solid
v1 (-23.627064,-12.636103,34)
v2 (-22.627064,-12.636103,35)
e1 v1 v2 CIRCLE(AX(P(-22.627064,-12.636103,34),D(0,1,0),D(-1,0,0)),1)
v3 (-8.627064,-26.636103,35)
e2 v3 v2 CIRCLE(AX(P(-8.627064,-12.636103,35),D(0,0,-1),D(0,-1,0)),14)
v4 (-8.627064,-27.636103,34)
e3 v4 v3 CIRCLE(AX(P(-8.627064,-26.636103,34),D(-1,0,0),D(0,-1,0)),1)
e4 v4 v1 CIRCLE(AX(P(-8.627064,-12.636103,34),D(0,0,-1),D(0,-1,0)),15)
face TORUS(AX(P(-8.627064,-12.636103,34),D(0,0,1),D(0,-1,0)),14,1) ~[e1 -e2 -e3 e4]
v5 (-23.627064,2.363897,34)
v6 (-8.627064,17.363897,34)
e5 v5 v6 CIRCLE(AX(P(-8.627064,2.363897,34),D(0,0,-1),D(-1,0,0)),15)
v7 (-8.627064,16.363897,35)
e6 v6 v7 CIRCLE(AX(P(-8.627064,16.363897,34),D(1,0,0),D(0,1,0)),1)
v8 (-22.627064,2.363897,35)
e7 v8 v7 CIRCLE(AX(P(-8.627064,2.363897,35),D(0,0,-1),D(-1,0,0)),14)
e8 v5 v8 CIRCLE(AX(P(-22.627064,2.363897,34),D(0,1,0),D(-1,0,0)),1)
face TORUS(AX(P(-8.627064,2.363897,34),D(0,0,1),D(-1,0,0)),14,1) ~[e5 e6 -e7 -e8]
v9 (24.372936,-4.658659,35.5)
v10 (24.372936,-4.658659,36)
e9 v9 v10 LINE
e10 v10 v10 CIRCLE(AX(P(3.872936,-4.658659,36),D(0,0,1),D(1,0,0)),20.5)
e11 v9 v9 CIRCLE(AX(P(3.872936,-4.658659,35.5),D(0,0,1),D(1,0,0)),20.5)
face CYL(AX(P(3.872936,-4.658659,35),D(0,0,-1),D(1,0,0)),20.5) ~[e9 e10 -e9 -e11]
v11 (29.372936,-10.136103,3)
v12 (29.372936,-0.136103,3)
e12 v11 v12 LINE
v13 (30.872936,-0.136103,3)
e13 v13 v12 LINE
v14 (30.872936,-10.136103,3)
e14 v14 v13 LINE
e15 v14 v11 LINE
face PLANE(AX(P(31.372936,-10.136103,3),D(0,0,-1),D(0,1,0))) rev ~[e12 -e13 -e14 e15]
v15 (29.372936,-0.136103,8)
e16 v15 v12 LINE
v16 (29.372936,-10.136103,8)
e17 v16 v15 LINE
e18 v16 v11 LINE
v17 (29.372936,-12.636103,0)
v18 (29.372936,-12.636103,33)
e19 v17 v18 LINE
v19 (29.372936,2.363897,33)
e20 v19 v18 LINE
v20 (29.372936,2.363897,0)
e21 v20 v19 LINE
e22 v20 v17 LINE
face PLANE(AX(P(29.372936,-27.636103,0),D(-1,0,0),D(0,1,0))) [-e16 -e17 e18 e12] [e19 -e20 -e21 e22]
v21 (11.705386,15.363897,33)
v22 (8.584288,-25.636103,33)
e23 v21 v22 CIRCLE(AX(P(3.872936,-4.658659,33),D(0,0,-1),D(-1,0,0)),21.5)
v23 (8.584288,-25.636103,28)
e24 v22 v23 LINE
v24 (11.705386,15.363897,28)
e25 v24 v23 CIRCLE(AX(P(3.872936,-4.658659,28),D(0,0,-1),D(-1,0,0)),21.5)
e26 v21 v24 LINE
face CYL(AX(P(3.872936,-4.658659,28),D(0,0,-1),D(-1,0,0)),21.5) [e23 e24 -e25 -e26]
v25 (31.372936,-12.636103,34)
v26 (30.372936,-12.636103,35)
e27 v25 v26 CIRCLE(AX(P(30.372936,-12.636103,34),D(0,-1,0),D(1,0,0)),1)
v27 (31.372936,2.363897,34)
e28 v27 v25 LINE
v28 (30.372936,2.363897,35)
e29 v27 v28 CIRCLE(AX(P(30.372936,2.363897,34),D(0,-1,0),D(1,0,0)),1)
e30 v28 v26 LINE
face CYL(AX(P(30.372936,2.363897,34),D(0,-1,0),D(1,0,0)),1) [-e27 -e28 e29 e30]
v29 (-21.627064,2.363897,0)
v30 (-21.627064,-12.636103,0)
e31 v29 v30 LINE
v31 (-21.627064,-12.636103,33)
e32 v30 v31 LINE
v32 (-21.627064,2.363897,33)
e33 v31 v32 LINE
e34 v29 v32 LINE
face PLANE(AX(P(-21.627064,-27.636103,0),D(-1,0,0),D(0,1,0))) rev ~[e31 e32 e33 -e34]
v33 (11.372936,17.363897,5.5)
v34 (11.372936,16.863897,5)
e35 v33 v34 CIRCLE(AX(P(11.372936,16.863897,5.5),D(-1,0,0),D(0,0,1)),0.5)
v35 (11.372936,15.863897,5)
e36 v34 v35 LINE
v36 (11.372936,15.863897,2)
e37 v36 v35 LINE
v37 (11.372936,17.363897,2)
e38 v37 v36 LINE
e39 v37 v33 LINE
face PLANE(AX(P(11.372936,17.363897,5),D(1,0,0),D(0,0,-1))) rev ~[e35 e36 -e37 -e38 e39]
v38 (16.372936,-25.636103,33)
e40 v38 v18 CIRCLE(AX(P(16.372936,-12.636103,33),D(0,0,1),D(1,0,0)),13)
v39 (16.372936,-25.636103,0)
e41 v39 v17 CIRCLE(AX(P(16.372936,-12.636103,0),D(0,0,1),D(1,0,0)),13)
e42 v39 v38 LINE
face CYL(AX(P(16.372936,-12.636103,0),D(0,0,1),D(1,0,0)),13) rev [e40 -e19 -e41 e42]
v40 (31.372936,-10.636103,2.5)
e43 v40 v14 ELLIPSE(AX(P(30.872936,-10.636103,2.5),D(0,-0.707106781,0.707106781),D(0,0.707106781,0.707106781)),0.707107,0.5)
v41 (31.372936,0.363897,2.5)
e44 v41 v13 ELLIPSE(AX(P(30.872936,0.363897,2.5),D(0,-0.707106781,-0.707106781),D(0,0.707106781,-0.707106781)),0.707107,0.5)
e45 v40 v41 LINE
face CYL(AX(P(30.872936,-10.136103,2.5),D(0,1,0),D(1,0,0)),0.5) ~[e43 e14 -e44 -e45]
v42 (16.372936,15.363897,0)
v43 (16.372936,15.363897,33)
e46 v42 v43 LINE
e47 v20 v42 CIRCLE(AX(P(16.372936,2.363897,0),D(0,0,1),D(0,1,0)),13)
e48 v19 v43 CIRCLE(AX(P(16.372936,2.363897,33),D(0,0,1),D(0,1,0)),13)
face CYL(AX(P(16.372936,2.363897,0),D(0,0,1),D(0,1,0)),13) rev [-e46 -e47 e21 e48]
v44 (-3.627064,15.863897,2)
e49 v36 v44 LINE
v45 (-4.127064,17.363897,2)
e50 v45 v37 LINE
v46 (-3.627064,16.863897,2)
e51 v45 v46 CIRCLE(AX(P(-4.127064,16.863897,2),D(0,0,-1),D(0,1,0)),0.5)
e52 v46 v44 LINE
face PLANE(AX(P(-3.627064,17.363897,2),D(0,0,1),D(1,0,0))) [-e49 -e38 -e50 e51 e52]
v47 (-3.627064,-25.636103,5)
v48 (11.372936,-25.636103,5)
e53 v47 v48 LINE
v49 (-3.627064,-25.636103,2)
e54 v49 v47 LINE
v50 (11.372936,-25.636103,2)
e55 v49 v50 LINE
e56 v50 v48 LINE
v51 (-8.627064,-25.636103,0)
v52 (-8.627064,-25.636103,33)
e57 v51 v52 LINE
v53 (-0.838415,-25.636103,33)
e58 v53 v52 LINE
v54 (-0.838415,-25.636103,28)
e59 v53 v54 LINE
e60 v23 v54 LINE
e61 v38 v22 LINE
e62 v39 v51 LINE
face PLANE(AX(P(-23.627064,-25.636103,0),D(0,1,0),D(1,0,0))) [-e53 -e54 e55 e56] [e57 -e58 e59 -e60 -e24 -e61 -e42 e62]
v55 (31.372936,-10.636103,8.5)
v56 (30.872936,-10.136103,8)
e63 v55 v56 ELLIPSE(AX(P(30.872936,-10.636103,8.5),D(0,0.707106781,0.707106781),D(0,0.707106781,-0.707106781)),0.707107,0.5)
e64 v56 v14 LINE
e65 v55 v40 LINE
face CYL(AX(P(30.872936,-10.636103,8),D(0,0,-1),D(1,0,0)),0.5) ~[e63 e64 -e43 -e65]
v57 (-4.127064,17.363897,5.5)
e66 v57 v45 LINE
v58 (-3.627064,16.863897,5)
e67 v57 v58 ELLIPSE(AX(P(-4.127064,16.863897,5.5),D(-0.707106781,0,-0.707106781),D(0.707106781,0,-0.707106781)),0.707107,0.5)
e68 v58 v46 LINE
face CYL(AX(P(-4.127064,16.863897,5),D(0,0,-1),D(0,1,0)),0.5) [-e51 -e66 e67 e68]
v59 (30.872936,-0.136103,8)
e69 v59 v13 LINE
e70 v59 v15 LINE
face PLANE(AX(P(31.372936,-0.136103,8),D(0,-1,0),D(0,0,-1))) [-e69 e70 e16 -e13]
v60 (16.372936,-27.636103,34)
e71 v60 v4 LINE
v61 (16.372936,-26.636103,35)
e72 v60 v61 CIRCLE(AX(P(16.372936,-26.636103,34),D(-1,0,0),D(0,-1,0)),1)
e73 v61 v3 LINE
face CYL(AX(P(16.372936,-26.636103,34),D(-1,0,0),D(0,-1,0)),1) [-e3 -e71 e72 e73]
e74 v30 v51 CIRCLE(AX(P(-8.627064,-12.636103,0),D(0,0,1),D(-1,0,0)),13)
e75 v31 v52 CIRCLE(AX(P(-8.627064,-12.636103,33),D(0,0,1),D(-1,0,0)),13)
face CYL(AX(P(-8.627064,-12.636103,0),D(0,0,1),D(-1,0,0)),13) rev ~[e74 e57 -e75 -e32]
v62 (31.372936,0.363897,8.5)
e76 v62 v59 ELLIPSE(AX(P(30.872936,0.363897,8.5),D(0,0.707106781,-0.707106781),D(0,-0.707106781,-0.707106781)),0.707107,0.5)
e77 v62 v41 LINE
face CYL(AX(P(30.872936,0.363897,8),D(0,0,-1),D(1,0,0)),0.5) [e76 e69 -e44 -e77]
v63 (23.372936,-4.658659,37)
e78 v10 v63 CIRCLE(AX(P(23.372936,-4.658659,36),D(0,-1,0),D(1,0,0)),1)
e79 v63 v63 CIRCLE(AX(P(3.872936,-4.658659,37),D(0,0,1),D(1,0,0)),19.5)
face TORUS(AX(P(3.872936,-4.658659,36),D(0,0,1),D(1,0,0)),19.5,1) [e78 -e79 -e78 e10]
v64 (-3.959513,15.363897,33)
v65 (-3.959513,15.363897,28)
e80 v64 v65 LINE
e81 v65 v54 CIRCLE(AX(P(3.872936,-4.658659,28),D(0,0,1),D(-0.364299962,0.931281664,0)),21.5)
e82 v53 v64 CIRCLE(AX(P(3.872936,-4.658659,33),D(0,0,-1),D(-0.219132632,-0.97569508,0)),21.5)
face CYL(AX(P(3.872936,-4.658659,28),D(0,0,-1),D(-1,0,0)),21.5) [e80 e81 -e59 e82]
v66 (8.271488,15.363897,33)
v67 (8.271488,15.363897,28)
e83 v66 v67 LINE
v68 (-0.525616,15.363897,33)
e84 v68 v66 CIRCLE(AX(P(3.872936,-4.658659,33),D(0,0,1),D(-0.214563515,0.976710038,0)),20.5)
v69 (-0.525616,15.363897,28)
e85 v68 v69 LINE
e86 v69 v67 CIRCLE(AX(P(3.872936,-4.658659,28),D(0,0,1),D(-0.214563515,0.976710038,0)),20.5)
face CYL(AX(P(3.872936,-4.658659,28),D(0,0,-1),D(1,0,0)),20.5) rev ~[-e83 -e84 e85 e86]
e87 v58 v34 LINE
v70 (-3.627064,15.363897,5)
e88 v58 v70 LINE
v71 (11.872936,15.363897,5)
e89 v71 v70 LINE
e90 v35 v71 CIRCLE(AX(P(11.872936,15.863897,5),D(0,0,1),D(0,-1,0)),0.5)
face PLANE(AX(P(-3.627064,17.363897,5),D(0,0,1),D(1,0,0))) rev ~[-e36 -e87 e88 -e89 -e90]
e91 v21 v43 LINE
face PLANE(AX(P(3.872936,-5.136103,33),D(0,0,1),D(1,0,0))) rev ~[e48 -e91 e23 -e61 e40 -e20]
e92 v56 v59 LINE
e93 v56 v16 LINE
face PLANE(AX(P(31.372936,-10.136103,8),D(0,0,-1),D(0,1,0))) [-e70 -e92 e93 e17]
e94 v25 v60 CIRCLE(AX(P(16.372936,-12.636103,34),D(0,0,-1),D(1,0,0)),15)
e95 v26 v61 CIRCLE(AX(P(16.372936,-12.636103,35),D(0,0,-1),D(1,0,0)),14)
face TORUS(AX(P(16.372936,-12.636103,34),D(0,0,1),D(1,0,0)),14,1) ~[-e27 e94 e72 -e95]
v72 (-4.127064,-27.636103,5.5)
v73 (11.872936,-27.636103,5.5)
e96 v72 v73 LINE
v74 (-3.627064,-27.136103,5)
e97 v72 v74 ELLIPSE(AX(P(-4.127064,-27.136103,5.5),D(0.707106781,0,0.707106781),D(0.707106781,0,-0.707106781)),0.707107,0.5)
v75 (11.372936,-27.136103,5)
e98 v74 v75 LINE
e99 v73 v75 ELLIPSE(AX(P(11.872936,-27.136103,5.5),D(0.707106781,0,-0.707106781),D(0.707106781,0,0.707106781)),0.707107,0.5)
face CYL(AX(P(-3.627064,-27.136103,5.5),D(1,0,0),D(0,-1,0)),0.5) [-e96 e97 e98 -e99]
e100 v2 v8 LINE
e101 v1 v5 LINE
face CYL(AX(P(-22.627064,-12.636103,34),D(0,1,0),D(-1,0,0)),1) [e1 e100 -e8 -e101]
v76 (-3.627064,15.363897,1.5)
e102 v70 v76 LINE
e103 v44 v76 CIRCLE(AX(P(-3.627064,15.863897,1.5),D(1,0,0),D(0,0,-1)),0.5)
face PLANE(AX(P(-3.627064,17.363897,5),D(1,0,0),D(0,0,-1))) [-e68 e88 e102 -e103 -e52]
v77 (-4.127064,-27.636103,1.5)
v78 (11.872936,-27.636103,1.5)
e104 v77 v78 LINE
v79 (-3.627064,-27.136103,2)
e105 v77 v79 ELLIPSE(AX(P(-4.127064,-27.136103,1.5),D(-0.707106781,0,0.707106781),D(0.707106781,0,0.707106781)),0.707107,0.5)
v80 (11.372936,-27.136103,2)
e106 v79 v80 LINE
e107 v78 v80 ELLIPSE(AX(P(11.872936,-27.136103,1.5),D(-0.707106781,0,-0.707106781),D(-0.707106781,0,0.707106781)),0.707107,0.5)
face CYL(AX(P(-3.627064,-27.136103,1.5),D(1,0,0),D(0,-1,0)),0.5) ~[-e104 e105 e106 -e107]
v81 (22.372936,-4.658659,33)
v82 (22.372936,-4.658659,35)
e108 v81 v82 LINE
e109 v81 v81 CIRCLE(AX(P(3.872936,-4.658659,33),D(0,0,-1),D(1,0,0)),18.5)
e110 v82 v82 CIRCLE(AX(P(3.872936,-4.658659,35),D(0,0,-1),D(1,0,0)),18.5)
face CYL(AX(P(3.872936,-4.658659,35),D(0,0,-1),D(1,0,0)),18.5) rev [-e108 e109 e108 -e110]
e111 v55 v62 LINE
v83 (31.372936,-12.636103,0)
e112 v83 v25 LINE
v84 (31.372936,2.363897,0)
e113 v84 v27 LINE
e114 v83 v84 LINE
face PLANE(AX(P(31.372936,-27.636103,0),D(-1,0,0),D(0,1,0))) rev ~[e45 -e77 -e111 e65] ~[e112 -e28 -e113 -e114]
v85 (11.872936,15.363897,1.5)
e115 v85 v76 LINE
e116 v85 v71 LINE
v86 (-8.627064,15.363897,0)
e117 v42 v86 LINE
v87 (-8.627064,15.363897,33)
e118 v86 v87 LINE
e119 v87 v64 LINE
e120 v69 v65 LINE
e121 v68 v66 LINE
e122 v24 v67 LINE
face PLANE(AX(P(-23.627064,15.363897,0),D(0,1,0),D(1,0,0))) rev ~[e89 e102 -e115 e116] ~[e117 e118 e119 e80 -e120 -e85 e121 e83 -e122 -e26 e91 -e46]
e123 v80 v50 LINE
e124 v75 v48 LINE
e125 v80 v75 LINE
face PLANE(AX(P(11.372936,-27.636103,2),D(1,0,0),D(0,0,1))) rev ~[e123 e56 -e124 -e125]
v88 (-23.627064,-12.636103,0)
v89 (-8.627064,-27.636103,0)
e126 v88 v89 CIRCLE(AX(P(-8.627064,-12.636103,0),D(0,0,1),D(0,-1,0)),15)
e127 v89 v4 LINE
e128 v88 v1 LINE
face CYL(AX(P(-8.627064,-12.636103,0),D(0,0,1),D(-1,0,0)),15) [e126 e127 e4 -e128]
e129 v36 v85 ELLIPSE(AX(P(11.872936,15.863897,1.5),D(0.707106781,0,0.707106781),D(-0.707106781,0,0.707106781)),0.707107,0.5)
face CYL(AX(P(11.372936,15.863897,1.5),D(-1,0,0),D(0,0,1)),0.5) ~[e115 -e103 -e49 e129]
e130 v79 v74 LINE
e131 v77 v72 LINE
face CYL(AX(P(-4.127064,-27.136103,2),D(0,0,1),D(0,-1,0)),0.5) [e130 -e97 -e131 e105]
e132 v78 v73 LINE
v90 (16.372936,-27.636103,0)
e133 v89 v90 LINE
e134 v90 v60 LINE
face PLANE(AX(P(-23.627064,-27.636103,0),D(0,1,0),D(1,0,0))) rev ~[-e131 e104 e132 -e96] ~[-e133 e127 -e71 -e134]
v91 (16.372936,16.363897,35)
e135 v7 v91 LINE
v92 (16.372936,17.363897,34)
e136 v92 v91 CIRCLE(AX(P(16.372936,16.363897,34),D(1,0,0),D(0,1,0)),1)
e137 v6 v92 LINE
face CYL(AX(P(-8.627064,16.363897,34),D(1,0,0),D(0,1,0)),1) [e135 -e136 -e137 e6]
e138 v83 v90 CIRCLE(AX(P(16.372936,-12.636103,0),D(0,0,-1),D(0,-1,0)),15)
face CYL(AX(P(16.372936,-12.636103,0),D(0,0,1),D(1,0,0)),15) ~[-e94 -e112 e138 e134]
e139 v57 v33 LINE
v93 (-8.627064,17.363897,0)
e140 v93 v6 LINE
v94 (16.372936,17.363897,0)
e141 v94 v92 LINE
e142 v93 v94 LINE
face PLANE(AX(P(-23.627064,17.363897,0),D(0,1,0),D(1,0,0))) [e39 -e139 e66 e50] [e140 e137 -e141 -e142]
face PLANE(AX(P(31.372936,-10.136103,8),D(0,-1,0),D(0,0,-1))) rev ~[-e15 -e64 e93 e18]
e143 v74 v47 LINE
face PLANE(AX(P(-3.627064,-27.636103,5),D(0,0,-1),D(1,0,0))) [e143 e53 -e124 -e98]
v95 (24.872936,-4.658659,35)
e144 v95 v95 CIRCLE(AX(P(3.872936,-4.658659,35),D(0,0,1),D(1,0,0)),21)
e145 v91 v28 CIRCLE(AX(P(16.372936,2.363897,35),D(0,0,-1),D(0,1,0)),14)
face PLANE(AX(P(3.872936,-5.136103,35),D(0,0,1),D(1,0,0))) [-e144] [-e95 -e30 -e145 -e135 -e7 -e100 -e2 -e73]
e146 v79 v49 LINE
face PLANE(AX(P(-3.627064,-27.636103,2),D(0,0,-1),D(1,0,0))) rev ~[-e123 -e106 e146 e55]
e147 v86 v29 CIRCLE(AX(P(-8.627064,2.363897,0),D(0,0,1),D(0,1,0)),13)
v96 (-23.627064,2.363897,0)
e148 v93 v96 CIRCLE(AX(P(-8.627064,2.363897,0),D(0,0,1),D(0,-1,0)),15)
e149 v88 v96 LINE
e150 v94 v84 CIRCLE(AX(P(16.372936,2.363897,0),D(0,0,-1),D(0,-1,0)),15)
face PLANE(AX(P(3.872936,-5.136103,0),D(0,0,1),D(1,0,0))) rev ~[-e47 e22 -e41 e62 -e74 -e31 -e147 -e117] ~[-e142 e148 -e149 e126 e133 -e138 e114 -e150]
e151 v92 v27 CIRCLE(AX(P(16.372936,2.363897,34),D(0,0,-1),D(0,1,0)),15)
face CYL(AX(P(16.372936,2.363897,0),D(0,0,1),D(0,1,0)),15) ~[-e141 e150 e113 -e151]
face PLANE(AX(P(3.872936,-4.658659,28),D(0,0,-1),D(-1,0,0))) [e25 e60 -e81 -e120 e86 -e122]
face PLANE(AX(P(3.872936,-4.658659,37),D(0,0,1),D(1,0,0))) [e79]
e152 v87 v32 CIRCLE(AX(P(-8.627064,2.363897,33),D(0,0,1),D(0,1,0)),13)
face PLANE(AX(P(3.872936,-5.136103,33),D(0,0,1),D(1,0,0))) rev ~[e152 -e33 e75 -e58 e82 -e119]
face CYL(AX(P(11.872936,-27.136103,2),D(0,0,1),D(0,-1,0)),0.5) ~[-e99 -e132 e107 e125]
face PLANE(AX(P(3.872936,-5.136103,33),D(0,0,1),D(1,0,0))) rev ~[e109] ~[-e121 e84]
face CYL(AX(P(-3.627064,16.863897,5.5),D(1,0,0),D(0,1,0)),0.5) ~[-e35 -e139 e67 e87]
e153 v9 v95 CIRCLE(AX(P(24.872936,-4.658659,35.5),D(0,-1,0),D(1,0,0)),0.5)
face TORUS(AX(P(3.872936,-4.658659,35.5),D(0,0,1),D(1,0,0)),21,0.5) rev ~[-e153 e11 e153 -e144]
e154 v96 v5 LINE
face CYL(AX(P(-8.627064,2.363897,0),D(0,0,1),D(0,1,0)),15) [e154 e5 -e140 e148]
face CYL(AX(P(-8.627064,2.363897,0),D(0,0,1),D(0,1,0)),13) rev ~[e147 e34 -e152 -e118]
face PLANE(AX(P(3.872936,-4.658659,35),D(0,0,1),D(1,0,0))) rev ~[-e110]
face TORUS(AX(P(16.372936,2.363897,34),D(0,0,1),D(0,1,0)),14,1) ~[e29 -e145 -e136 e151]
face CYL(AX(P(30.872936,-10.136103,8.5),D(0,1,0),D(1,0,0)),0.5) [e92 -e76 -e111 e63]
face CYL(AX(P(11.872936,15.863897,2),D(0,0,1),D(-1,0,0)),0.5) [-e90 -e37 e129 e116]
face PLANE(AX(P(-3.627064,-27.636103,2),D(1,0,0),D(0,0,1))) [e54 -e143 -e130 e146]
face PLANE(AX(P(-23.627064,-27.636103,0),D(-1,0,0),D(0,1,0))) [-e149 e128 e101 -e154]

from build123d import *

# Parameters (mm, degrees)
SKETCH_1_W          = 55
SKETCH_1_H          = 45
EXTRUDE_1_DEPTH     = 35
SKETCH_4_R          = 20.5
EXTRUDE_3_DEPTH     = 2
FILLET_2_R          = 15
FILLET_3_R          = 15
FILLET_4_R          = 1
SHELL_1_T           = -2
EXTRUDE_START       = 5
SKETCH_7_R          = 21.5
SKETCH_7_R_2        = 20.5
EXTRUDE_4_DEPTH     = 5
FILLET_5_R          = 1
FILLET_6_R          = 0.5
CUT_EXTRUDE_1_REACH = 73.818
SKETCH_8_W          = 5
SKETCH_8_H          = 10
CUT_EXTRUDE_2_REACH = 68.168
SKETCH_14_W         = 15
SKETCH_14_H         = 3
CUT_EXTRUDE_3_REACH = 68.168
SKETCH_17_W         = 15
SKETCH_17_H         = 3
FILLET_9_R          = 0.5


with BuildPart() as part:
    # 스케치1 → 보스-돌출1 (new body)
    with BuildSketch(Plane.XY):
        with Locations((3.872936318, -5.136103152)):
            Rectangle(SKETCH_1_W, SKETCH_1_H)
    extrude(amount=EXTRUDE_1_DEPTH)

    # 스케치4 → 보스-돌출3 (add)
    with BuildSketch(Plane(origin=(-2.164184789, -3.486971785, 35), x_dir=(1, 0, 0), z_dir=(0, 0, 1))):
        with Locations((6.037121107, -1.171687144)):
            Circle(SKETCH_4_R)
    extrude(amount=EXTRUDE_3_DEPTH)

    # 필렛2
    fillet_2_edges = [part.edges().sort_by_distance(p)[0] for p in [
        (31.372936318, 17.363896848, 17.5),
    ]]
    fillet(fillet_2_edges, radius=FILLET_2_R)

    # 필렛3
    fillet_3_edges = [part.edges().sort_by_distance(p)[0] for p in [
        (-23.627063682, 17.363896848, 17.5),
        (31.372936318, -27.636103152, 17.5),
        (-23.627063682, -27.636103152, 17.5),
    ]]
    fillet(fillet_3_edges, radius=FILLET_3_R)

    # 필렛4
    fillet_4_edges = [part.edges().sort_by_distance(p)[0] for p in [
        (3.872936318, 17.363896848, 35),
        (26.979538036, 12.970498566, 35),
        (3.872936318, -27.636103152, 35),
        (-23.627063682, -5.136103152, 35),
        (31.372936318, -5.136103152, 35),
        (-19.2336654, 12.970498566, 35),
        (26.979538036, -23.24270487, 35),
        (-19.2336654, -23.24270487, 35),
    ]]
    fillet(fillet_4_edges, radius=FILLET_4_R)

    # 쉘1
    shell_1_openings = [part.faces().sort_by_distance(p)[0] for p in [
        (3.872936318, -5.136103152, 0),
    ]]
    offset(amount=SHELL_1_T, openings=shell_1_openings, kind=Kind.INTERSECTION)

    # 스케치7 → 보스-돌출4 (add)
    with BuildSketch(Plane(origin=(0, 0, 33), x_dir=(-1, 0, 0), z_dir=(0, 0, -1)).offset(EXTRUDE_START)):
        with Locations((-3.872936318, -4.658658928)):
            Circle(SKETCH_7_R)
        with Locations(Location((-3.872936318, -4.658658928, 0), (0, 0, 180))):
            Circle(SKETCH_7_R_2, mode=Mode.SUBTRACT)
    extrude(amount=-EXTRUDE_4_DEPTH)

    # 필렛5
    fillet_5_edges = [part.edges().sort_by_distance(p)[0] for p in [
        (-16.627063682, -4.658658928, 37),
    ]]
    fillet(fillet_5_edges, radius=FILLET_5_R)

    # 필렛6
    fillet_6_edges = [part.edges().sort_by_distance(p)[0] for p in [
        (-16.627063682, -4.658658928, 35),
    ]]
    fillet(fillet_6_edges, radius=FILLET_6_R)

    # 스케치8 → 컷-돌출1 (cut, up to next)
    with BuildSketch(Plane(origin=(31.372936318, 0, 0), x_dir=(0, 0, -1), z_dir=(1, 0, 0)), mode=Mode.PRIVATE) as cut_extrude_1_sk1:
        with Locations((-5.5, -5.136103152)):
            Rectangle(SKETCH_8_W, SKETCH_8_H)
    cut_extrude_1_tool1 = extrude(cut_extrude_1_sk1.sketch, amount=-CUT_EXTRUDE_1_REACH, mode=Mode.PRIVATE) & part.part
    add(cut_extrude_1_tool1.solids().sort_by_distance((31.372936, -5.136103, 5.5))[0], mode=Mode.SUBTRACT)

    # 스케치14 → 컷-돌출2 (cut, up to next)
    with BuildSketch(Plane(origin=(0, 17.363896848, 0), x_dir=(1, 0, 0), z_dir=(0, 1, 0)), mode=Mode.PRIVATE) as cut_extrude_2_sk1:
        with Locations((3.872936318, -3.5)):
            Rectangle(SKETCH_14_W, SKETCH_14_H)
    cut_extrude_2_tool1 = extrude(cut_extrude_2_sk1.sketch, amount=-CUT_EXTRUDE_2_REACH, mode=Mode.PRIVATE) & part.part
    add(cut_extrude_2_tool1.solids().sort_by_distance((3.872936, 17.363897, 3.5))[0], mode=Mode.SUBTRACT)

    # 스케치17 → 컷-돌출3 (cut, up to next)
    with BuildSketch(Plane.XZ.offset(27.636103152), mode=Mode.PRIVATE) as cut_extrude_3_sk1:
        with Locations((3.872936318, 3.5)):
            Rectangle(SKETCH_17_W, SKETCH_17_H)
    cut_extrude_3_tool1 = extrude(cut_extrude_3_sk1.sketch, amount=-CUT_EXTRUDE_3_REACH, mode=Mode.PRIVATE) & part.part
    add(cut_extrude_3_tool1.solids().sort_by_distance((3.872936, -27.636103, 3.5))[0], mode=Mode.SUBTRACT)

    # 필렛9
    fillet_9_edges = [part.edges().sort_by_distance(p)[0] for p in [
        (31.372936318, -5.136103152, 3),
        (31.372936318, -0.136103152, 5.5),
        (31.372936318, -5.136103152, 8),
        (31.372936318, -10.136103152, 5.5),
        (11.372936318, 15.363896848, 3.5),
        (3.872936318, 15.363896848, 2),
        (-3.627063682, 17.363896848, 3.5),
        (3.872936318, 17.363896848, 5),
        (3.872936318, -27.636103152, 5),
        (11.372936318, -27.636103152, 3.5),
        (3.872936318, -27.636103152, 2),
        (-3.627063682, -27.636103152, 3.5),
    ]]
    fillet(fillet_9_edges, radius=FILLET_9_R)


solid = part.part
